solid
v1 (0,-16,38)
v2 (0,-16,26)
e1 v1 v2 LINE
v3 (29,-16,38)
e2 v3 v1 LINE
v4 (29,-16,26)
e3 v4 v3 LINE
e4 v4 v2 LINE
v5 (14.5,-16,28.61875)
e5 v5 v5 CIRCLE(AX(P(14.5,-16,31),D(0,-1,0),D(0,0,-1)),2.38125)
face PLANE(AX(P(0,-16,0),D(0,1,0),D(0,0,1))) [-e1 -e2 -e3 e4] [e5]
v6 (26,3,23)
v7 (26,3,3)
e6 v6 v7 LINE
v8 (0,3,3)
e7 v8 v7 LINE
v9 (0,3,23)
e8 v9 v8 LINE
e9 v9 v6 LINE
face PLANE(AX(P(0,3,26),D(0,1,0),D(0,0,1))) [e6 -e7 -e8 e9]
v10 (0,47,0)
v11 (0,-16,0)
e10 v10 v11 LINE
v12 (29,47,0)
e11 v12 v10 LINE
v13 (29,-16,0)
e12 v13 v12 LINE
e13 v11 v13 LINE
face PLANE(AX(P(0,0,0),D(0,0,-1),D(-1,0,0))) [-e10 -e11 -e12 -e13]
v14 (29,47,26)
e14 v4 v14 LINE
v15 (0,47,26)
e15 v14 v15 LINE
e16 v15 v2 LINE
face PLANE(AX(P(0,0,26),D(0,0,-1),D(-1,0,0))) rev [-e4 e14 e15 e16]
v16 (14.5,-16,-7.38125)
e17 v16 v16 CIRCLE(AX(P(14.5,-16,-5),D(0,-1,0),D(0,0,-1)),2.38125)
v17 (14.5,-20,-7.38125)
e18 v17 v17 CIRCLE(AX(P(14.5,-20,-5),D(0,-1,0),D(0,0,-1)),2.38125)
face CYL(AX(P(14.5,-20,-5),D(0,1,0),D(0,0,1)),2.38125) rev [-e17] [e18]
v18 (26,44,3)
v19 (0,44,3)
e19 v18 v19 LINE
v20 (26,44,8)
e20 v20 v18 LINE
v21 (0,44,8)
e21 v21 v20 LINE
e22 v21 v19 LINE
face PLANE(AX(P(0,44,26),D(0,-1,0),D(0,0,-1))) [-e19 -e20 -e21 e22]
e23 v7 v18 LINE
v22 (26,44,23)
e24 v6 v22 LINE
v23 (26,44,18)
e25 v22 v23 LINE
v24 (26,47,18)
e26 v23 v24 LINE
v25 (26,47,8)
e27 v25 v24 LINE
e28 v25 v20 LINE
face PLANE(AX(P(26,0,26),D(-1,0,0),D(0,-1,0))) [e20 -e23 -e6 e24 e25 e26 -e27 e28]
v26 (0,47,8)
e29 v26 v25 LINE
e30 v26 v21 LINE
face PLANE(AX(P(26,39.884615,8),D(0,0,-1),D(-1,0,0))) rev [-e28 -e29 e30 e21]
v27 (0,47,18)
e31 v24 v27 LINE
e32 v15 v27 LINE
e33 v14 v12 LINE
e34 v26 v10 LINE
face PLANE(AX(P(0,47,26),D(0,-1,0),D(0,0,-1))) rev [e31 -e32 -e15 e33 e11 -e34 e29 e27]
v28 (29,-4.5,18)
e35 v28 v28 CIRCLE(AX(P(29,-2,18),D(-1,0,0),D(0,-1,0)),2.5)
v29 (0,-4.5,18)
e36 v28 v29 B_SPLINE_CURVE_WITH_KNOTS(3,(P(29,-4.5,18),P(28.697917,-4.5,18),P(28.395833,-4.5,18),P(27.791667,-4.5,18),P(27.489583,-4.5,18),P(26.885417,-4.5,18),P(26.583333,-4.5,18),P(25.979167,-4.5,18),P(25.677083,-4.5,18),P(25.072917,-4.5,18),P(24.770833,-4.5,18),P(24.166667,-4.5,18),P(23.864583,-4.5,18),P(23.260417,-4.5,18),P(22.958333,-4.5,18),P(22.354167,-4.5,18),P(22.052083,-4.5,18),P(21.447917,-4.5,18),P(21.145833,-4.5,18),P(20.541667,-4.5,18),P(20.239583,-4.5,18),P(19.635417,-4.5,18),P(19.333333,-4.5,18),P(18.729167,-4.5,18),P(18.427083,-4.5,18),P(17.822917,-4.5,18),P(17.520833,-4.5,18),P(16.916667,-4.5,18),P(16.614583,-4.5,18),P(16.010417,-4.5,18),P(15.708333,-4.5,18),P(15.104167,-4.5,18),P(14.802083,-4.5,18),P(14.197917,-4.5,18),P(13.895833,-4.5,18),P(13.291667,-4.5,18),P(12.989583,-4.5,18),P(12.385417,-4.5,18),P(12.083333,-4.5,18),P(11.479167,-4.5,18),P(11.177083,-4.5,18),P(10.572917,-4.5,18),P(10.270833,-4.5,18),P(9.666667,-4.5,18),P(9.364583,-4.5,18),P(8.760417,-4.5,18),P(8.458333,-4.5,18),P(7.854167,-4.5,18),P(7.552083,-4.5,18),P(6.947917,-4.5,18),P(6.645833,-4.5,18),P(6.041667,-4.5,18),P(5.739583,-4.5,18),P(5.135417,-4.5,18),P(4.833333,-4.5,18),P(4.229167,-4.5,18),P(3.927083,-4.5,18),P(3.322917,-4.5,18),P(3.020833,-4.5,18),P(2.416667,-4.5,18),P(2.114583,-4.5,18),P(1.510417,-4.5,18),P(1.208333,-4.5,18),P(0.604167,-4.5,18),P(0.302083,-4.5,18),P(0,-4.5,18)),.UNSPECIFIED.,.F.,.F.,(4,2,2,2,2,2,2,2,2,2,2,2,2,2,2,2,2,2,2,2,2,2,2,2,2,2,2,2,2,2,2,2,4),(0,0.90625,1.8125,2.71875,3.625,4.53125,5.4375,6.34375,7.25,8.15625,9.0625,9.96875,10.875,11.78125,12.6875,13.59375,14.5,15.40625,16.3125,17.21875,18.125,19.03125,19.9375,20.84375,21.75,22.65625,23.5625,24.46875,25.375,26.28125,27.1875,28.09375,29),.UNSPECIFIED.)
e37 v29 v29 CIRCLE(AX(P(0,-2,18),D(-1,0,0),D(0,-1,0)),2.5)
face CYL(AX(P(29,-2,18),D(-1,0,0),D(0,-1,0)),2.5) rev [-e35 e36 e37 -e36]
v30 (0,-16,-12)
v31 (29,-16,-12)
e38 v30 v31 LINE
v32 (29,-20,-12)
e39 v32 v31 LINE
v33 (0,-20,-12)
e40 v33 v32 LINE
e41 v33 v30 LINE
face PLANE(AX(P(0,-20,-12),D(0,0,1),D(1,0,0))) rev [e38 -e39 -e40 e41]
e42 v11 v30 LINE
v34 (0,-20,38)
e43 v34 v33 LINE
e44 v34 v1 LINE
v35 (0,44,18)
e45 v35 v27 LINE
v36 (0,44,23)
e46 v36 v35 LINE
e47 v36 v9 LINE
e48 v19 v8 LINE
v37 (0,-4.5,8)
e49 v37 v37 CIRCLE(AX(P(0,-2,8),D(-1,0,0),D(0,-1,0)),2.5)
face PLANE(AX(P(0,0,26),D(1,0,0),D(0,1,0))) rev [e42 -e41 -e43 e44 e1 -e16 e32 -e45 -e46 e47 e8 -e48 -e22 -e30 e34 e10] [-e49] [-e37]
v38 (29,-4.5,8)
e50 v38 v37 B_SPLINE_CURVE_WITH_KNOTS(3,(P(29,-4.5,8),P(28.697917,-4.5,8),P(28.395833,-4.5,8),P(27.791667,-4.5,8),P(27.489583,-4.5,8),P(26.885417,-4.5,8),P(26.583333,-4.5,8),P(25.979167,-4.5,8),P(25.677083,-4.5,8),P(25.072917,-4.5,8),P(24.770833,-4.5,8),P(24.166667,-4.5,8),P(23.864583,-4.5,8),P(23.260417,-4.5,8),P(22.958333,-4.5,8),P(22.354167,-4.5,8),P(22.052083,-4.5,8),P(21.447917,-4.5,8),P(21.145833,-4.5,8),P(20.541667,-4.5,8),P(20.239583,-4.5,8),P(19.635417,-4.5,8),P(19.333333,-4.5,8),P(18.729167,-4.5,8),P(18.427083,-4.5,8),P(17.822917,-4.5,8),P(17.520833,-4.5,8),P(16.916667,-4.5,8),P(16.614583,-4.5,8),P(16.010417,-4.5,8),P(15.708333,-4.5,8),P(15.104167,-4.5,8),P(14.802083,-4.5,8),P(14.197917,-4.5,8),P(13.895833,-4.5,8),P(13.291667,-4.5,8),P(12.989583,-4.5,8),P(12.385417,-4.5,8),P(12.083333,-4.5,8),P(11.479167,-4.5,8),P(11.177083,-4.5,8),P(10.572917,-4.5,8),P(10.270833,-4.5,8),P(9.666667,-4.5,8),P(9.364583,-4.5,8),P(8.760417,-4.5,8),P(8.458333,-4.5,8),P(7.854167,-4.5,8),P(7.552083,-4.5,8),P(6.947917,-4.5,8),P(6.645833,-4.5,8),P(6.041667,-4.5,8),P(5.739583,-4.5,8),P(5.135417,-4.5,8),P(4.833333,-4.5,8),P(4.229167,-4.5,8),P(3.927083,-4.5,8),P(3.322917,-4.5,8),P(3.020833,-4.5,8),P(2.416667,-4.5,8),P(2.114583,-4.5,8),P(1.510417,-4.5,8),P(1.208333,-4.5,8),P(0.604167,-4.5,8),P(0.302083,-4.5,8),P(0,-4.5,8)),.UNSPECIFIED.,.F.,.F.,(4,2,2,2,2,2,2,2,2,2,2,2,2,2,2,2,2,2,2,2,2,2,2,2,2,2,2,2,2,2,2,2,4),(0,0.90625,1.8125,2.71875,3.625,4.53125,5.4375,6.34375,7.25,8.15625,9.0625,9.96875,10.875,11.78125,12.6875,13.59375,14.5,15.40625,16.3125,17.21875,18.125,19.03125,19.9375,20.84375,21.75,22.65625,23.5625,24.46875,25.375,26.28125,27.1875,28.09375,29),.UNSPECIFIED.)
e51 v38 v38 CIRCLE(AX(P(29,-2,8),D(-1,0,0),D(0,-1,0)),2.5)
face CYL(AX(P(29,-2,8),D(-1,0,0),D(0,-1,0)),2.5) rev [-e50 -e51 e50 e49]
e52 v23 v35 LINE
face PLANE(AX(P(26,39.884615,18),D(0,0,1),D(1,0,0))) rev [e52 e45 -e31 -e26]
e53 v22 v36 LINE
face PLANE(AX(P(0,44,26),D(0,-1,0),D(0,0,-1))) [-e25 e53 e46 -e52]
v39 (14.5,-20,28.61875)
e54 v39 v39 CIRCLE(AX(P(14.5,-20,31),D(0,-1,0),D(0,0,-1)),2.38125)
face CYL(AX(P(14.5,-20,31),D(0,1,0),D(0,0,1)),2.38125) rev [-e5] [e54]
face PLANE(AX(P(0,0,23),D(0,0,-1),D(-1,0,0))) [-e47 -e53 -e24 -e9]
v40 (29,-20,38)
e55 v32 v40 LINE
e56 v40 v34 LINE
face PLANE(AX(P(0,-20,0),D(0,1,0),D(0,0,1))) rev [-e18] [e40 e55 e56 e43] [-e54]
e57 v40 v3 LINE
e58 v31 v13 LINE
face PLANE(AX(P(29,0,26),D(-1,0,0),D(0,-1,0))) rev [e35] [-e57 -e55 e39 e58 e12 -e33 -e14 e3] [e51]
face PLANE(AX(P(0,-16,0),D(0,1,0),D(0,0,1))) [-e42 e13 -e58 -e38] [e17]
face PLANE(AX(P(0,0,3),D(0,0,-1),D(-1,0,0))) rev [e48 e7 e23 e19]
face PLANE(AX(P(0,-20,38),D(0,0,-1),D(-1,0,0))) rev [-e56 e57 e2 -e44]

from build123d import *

# Parameters (mm, degrees)
SKETCH1_W           = 29
SKETCH1_H           = 47
BOSS_EXTRUDE1_DEPTH = 26
SHELL1_T            = -3
SKETCH2_W           = 10
SKETCH2_H           = 8.23076923
CUT_EXTRUDE1_DEPTH  = 26
SKETCH3_W           = 29
SKETCH3_H           = 26
BOSS_EXTRUDE2_DEPTH = 16
SKETCH4_R           = 2.5
CUT_EXTRUDE2_DEPTH  = 62.040969848
SKETCH5_W           = 29
SKETCH5_H           = 50
SKETCH5_R           = 2.38125
BOSS_EXTRUDE3_DEPTH = 4


with BuildPart() as part:
    # Sketch1 → Boss-Extrude1 (new body)
    with BuildSketch(Plane.XY):
        with Locations((14.5, 23.5)):
            Rectangle(SKETCH1_W, SKETCH1_H)
    extrude(amount=BOSS_EXTRUDE1_DEPTH)

    # Shell1
    shell1_openings = [part.faces().sort_by_distance(p)[0] for p in [
        (0, 23.5, 13),
    ]]
    offset(amount=SHELL1_T, openings=shell1_openings, kind=Kind.INTERSECTION)

    # Sketch2 → Cut-Extrude1 (cut)
    with BuildSketch(Plane.ZY):
        with Locations((13, 44)):
            Rectangle(SKETCH2_W, SKETCH2_H)
    extrude(amount=-CUT_EXTRUDE1_DEPTH, mode=Mode.SUBTRACT)

    # Sketch3 → Boss-Extrude2 (add)
    with BuildSketch(Plane.XZ):
        with Locations((14.5, 13)):
            Rectangle(SKETCH3_W, SKETCH3_H)
    extrude(amount=BOSS_EXTRUDE2_DEPTH)

    # Sketch4 → Cut-Extrude2 (cut, through all)
    with BuildSketch(Plane.ZY):
        with Locations(Location((8, -2, 0), (0, 0, 270))):
            Circle(SKETCH4_R)
        with Locations(Location((18, -2, 0), (0, 0, 270))):
            Circle(SKETCH4_R)
    extrude(amount=-CUT_EXTRUDE2_DEPTH, mode=Mode.SUBTRACT)

    # Sketch5 → Boss-Extrude3 (add)
    with BuildSketch(Plane.XZ.offset(16)):
        with Locations((14.5, 13)):
            Rectangle(SKETCH5_W, SKETCH5_H)
        with Locations(Location((14.5, 31, 0), (0, 0, 270))):
            Circle(SKETCH5_R, mode=Mode.SUBTRACT)
        with Locations(Location((14.5, -5, 0), (0, 0, 270))):
            Circle(SKETCH5_R, mode=Mode.SUBTRACT)
    extrude(amount=BOSS_EXTRUDE3_DEPTH)


solid = part.part
